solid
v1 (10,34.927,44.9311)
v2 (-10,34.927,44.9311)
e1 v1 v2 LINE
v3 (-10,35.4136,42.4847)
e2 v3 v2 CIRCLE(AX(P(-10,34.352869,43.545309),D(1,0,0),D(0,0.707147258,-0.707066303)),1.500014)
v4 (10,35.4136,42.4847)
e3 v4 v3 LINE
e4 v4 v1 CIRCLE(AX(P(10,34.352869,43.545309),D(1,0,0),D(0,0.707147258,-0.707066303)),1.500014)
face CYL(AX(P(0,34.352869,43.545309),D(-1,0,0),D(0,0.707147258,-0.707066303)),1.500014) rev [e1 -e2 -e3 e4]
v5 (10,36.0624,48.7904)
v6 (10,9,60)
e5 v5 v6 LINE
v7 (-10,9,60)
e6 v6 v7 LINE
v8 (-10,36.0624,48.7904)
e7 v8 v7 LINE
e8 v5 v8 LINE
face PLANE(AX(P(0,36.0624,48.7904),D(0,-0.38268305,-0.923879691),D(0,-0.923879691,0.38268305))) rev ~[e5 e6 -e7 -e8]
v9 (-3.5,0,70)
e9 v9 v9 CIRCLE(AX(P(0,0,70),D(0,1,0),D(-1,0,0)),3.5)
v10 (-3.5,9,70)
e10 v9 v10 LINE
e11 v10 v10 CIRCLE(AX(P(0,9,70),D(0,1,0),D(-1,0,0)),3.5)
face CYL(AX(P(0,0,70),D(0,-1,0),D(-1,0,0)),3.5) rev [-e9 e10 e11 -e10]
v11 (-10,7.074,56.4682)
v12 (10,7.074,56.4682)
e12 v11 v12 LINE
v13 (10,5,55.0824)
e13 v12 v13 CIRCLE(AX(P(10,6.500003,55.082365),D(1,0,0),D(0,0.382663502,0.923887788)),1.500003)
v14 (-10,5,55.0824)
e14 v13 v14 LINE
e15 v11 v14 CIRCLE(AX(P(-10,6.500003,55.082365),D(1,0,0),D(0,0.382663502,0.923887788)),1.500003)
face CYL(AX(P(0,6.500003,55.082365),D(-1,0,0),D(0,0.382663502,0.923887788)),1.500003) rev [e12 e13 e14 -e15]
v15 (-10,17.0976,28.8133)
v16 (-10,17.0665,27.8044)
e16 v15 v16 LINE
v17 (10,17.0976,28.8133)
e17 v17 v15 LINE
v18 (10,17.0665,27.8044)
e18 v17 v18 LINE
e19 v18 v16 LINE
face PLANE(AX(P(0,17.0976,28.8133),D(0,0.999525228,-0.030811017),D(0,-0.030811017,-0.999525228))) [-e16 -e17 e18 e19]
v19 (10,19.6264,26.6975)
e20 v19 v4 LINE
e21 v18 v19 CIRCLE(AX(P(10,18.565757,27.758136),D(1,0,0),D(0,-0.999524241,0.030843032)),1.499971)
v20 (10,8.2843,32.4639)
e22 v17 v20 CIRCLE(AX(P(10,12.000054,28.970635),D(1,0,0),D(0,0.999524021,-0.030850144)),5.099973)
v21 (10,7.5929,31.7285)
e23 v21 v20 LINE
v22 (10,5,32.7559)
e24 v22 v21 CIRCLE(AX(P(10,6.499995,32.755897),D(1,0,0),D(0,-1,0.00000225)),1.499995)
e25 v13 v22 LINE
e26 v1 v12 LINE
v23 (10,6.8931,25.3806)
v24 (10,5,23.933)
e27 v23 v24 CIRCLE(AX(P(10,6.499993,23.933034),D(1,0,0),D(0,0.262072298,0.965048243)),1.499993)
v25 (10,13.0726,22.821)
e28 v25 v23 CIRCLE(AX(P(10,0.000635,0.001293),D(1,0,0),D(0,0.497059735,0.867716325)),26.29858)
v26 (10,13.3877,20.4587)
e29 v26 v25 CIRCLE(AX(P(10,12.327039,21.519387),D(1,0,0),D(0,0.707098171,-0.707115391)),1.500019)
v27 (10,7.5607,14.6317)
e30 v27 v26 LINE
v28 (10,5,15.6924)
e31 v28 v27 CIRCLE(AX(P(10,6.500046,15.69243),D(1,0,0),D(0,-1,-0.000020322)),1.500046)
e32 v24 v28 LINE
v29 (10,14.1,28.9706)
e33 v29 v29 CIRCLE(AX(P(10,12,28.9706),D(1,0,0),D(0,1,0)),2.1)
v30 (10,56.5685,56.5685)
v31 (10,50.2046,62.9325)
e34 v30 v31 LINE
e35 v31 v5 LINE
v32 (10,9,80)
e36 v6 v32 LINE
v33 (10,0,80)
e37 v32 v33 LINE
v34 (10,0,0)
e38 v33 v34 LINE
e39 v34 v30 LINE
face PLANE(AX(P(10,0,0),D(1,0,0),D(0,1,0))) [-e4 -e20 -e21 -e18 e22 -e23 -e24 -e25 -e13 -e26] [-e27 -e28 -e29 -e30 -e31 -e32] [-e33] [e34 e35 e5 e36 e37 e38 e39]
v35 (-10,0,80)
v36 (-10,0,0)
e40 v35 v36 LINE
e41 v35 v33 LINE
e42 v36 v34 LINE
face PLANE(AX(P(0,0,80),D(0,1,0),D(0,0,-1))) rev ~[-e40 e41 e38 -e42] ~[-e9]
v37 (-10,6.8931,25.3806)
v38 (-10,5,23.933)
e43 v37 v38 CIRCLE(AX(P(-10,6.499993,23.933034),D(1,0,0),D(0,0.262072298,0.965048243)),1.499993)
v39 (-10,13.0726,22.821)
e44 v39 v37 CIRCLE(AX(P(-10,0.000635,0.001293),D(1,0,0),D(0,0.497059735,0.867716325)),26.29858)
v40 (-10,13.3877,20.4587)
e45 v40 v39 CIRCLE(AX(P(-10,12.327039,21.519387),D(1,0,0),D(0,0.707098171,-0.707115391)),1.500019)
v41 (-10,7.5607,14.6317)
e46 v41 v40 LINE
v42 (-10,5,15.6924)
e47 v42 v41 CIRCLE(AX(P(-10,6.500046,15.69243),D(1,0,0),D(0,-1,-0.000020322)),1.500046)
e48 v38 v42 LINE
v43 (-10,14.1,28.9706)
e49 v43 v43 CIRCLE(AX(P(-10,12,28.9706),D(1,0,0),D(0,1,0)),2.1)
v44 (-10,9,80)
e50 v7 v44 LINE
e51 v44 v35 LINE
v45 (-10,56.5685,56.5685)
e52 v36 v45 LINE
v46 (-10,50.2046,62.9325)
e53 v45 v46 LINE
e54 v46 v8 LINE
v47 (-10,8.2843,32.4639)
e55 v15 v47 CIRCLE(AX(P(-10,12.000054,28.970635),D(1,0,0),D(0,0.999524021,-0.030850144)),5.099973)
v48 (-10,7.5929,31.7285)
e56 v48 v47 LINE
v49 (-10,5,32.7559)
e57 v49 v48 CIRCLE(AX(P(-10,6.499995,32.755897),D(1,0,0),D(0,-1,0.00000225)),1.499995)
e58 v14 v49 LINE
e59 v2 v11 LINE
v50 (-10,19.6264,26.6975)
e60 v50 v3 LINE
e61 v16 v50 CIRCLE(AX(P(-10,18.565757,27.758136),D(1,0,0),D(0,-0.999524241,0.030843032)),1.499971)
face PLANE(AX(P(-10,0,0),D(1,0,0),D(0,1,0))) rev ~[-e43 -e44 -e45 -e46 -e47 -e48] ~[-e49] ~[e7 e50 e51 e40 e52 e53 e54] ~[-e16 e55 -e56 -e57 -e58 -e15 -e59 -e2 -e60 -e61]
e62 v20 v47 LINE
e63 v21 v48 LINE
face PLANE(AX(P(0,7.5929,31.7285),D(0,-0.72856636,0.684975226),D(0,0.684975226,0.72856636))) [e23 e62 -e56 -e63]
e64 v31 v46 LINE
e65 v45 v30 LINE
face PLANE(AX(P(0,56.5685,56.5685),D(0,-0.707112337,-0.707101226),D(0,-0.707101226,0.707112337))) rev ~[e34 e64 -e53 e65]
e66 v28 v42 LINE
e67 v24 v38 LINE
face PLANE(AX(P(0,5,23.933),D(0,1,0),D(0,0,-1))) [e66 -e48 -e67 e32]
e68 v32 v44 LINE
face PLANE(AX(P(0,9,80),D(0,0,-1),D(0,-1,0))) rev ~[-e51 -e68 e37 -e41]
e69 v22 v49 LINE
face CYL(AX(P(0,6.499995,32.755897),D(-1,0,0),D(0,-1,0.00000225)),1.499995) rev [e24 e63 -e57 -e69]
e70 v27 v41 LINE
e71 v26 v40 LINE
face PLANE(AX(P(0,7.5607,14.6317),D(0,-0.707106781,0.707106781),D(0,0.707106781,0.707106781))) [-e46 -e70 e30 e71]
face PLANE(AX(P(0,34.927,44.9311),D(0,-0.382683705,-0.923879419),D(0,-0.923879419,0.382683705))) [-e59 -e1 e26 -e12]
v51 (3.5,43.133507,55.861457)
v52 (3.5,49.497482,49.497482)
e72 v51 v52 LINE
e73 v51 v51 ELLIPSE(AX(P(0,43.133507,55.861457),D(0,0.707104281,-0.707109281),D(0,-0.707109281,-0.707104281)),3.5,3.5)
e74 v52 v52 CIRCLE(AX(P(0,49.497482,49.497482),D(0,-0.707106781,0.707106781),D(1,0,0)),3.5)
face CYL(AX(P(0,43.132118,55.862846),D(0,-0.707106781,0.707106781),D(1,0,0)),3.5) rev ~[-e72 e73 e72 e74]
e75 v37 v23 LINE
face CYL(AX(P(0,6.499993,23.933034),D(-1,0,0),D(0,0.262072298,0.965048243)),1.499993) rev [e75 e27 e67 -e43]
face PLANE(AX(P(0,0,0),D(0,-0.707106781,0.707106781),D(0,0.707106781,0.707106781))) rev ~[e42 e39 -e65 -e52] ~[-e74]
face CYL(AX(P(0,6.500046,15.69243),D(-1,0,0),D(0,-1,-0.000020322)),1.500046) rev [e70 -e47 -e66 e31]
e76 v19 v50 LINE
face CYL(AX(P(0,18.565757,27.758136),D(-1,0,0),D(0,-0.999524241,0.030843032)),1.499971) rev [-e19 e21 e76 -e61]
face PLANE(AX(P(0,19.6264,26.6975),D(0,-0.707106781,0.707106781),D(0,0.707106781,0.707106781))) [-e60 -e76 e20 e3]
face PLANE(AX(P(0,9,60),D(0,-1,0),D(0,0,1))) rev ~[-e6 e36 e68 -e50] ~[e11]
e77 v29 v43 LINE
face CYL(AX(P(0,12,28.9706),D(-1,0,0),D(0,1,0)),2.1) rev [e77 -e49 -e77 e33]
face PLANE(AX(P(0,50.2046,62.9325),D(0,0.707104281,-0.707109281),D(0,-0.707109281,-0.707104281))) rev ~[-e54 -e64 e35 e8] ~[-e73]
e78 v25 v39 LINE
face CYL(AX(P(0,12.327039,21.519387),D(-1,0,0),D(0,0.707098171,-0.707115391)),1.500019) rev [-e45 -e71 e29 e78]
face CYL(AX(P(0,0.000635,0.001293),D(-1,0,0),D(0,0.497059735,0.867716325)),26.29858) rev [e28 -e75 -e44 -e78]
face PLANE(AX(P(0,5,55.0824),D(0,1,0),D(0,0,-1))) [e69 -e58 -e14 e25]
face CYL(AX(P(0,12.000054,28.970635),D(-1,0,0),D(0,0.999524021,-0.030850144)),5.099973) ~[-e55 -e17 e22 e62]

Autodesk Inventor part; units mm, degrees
sketch "Sketch_1" plane through (0, 0, 0) normal (1, 0, 0) x (0, 1, 0)
  line L0 (0, 80) -> (0, 0)
  line L1 (0, 0) -> (56.5685, 56.5685)
  line L2 (56.5685, 56.5685) -> (50.2046, 62.9325)
  line L3 (50.2046, 62.9325) -> (36.0624, 48.7904)
  line L4 (36.0624, 48.7904) -> (9, 60)
  line L5 (9, 60) -> (9, 80)
  line L6 (9, 80) -> (0, 80)
  arc A0 (6.8931, 25.3806) -> (5, 23.933) centre (6.5, 23.933) ccw
  line L7 (5, 23.933) -> (5, 15.6924)
  arc A1 (5, 15.6924) -> (7.5607, 14.6317) centre (6.5, 15.6924) ccw
  line L8 (7.5607, 14.6317) -> (13.3877, 20.4587)
  arc A2 (13.3877, 20.4587) -> (13.0726, 22.821) centre (12.327, 21.5194) ccw
  arc A3 (13.0726, 22.821) -> (6.8931, 25.3806) centre (0, 0) ccw
  circle A4 centre (12, 28.9706) radius 2.1
  arc A5 (7.074, 56.4682) -> (5, 55.0824) centre (6.5, 55.0824) ccw
  line L9 (5, 55.0824) -> (5, 32.7559)
  arc A6 (5, 32.7559) -> (7.5929, 31.7285) centre (6.5, 32.7559) ccw
  line L10 (7.5929, 31.7285) -> (8.2843, 32.4639)
  arc A7 (17.0976, 28.8133) -> (8.2843, 32.4639) centre (12, 28.9706) ccw
  line L11 (17.0976, 28.8133) -> (17.0665, 27.8044)
  arc A8 (17.0665, 27.8044) -> (19.6264, 26.6975) centre (18.5657, 27.7581) ccw
  line L12 (19.6264, 26.6975) -> (35.4136, 42.4847)
  arc A9 (35.4136, 42.4847) -> (34.927, 44.9311) centre (34.3529, 43.5453) ccw
  line L13 (34.927, 44.9311) -> (7.074, 56.4682)
extrude "Extrusion1" add sketch "Sketch_1" along normal mid plane 20
sketch "Sketch_2" plane through (-10, 50.2046, 62.9325) normal (0, -0.7071, 0.7071) x (1, 0, 0)
  circle A0 centre (10, -10) radius 3.5
extrude "Extrusion2" cut sketch "Sketch_2" against normal blind 9
sketch "Sketch_3" plane through (0, 0, 0) normal (0, 1, 0) x (-1, 0, 0)
  circle A0 centre (0, 70) radius 3.5
extrude "Extrusion3" cut sketch "Sketch_3" along normal blind 9
ref_plane "bracket_to_dummy_XY" through (0, 0, 0) normal (0, 1, 0) x (1, 0, 0)
ref_plane "bracket_to_dummy_YZ" through (0, 0, 0) normal (1, 0, 0) x (0, 0, -1)
ref_plane "bracket_to_dummy_ZX" through (0, 0, 0) normal (0, 0, -1) x (0, 1, 0)
ref_plane "1_to_bolt_XY" through (0, 9, 70) normal (0, 1, 0) x (1, 0, 0)
ref_plane "1_to_bolt_YZ" through (0, 9, 70) normal (1, 0, 0) x (0, 0, -1)
ref_plane "1_to_bolt_ZX" through (0, 9, 70) normal (0, 0, -1) x (0, 1, 0)
ref_plane "2_to_bolt_XY" through (0, 43.1335, 55.8614) normal (0, -0.7071, 0.7071) x (0, 0.7071, 0.7071)
ref_plane "2_to_bolt_YZ" through (0, 43.1335, 55.8614) normal (0, 0.7071, 0.7071) x (-1, 0, 0)
ref_plane "2_to_bolt_ZX" through (0, 43.1335, 55.8614) normal (-1, 0, 0) x (0, -0.7071, 0.7071)
ref_plane "3_to_bolt_XY" through (0, 9, 70) normal (0, 1, 0) x (0, 0, -1)
ref_plane "3_to_bolt_YZ" through (0, 9, 70) normal (0, 0, -1) x (-1, 0, 0)
ref_plane "3_to_bolt_ZX" through (0, 9, 70) normal (-1, 0, 0) x (0, 1, 0)
ref_plane "4_to_bolt_XY" through (30, 9, 70) normal (0, 1, 0) x (0, 0, -1)
ref_plane "4_to_bolt_YZ" through (30, 9, 70) normal (0, 0, -1) x (-1, 0, 0)
ref_plane "4_to_bolt_ZX" through (30, 9, 70) normal (-1, 0, 0) x (0, 1, 0)
ref_plane "5_to_bolt_XY" through (30, 43.1335, 55.8614) normal (0, -0.7071, 0.7071) x (0, 0.7071, 0.7071)
ref_plane "5_to_bolt_YZ" through (30, 43.1335, 55.8614) normal (0, 0.7071, 0.7071) x (-1, 0, 0)
ref_plane "5_to_bolt_ZX" through (30, 43.1335, 55.8614) normal (-1, 0, 0) x (0, -0.7071, 0.7071)
properties part number "HBL45TS6hbl45ts6"
